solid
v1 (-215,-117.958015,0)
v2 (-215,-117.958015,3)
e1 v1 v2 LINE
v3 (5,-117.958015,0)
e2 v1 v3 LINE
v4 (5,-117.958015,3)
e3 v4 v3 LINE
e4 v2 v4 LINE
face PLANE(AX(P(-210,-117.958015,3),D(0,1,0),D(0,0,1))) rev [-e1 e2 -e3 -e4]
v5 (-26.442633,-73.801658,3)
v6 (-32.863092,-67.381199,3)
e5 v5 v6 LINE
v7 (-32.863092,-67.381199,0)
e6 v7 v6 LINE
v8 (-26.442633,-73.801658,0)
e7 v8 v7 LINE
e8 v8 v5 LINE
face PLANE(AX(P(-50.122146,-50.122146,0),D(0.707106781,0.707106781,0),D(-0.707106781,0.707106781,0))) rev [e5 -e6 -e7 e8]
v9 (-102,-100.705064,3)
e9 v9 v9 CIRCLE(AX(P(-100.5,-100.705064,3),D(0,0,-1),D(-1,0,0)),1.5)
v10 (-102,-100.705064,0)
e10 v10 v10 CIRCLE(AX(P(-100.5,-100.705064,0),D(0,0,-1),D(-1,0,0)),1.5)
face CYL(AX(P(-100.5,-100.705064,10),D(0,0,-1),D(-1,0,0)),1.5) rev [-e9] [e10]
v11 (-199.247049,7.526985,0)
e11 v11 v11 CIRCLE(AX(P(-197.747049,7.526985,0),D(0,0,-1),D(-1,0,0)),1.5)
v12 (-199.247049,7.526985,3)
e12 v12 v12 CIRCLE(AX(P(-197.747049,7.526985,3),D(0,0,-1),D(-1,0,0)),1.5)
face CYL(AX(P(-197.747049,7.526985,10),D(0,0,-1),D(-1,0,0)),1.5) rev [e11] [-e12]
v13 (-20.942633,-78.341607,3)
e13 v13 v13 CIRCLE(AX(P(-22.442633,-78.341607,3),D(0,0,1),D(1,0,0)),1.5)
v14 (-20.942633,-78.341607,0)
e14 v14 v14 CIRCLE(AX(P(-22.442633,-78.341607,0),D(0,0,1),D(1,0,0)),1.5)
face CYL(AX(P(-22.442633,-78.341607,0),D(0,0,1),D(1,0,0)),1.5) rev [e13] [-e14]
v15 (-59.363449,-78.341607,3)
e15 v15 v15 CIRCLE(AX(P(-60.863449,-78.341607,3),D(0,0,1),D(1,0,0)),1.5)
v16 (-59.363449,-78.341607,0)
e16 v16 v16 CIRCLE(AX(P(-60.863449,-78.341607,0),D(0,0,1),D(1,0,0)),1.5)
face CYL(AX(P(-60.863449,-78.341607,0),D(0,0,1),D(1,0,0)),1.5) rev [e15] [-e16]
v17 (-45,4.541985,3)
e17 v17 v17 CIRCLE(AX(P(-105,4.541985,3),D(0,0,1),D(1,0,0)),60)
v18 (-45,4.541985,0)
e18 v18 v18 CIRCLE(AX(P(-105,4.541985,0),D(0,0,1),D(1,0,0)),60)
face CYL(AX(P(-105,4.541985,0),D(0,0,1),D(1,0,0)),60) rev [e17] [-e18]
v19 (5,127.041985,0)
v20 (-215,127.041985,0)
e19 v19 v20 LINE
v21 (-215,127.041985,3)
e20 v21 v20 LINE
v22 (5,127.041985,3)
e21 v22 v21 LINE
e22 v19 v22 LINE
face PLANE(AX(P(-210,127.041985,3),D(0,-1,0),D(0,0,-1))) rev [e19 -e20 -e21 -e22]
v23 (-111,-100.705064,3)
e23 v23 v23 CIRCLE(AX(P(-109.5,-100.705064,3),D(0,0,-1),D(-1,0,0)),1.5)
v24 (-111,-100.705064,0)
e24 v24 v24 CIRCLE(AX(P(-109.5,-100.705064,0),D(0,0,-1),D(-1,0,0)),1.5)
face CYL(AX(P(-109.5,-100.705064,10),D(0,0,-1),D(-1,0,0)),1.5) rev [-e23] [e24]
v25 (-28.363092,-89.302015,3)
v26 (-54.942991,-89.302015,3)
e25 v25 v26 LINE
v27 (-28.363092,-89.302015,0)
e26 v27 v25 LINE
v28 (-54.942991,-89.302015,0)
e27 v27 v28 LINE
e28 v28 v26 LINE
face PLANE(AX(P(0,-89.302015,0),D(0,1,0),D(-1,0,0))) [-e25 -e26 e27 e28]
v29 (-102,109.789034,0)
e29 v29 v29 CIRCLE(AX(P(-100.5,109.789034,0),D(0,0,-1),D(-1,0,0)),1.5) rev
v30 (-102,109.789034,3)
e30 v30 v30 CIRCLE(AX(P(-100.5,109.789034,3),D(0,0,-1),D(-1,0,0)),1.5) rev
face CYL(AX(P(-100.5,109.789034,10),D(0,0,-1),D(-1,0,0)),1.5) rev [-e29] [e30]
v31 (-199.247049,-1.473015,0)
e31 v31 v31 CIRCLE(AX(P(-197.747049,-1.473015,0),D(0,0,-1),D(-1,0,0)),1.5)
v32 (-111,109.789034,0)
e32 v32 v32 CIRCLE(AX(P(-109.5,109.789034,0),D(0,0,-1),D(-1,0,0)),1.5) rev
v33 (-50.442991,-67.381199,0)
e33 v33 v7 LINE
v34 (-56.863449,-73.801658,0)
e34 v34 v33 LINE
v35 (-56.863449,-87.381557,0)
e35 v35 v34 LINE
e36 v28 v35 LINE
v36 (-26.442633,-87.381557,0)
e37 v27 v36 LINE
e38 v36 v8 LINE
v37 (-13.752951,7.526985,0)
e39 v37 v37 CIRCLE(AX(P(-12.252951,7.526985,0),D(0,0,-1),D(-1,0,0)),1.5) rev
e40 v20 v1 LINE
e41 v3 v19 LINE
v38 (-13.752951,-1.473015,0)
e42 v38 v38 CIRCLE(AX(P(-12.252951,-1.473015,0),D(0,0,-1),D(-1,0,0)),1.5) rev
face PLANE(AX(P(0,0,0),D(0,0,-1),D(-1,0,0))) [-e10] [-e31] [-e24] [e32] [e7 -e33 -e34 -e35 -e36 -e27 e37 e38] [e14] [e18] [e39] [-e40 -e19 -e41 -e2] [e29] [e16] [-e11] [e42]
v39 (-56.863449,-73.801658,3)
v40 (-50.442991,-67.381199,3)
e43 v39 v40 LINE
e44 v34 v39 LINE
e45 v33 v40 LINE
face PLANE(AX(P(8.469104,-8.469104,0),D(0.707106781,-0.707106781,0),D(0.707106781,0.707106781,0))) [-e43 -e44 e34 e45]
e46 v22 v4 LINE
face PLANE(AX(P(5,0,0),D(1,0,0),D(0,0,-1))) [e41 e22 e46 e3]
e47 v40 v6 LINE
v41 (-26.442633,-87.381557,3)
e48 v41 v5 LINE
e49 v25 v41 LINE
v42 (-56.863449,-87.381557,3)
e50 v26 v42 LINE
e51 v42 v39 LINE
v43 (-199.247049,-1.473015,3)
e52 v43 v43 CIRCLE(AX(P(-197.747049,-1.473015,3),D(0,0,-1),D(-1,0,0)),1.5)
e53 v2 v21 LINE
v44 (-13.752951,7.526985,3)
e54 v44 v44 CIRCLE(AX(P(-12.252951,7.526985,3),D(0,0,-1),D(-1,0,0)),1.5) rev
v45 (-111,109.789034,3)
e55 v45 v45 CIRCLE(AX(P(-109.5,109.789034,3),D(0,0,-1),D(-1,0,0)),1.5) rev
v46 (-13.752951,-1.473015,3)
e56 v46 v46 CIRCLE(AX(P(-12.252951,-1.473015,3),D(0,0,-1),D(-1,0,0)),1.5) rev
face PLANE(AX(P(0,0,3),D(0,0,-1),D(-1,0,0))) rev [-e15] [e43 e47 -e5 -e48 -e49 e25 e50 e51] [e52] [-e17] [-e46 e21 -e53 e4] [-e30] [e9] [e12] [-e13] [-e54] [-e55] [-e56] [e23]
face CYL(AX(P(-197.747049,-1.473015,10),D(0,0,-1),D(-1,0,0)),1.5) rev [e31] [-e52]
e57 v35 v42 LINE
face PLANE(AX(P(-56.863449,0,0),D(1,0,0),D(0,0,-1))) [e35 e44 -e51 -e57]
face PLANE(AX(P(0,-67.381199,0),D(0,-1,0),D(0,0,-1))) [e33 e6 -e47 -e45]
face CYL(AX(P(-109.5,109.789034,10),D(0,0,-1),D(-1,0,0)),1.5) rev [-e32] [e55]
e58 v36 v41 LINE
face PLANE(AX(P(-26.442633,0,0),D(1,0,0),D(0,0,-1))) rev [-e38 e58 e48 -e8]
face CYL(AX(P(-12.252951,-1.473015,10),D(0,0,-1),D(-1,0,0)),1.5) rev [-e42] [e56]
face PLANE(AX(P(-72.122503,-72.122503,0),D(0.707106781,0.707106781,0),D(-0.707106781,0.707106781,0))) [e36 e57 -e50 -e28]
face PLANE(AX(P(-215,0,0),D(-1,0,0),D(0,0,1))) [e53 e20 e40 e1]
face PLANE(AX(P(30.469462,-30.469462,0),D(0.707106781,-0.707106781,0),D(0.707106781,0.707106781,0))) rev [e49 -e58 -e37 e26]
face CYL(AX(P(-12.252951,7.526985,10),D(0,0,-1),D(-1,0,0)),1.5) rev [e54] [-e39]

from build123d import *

# Parameters (mm, degrees)
SKETCH1_W           = 210
SKETCH1_H           = 245
BOSS_EXTRUDE1_DEPTH = 3
CUT_EXTRUDE1_DEPTH  = 3
CUT_EXTRUDE2_DEPTH  = 3
CUT_EXTRUDE3_DEPTH  = 246.456036562
SKETCH5_W           = 3
SKETCH5_H           = 245
BOSS_EXTRUDE2_DEPTH = 5
SKETCH6_W           = 3
SKETCH6_H           = 245
BOSS_EXTRUDE3_DEPTH = 5
SKETCH7_R           = 1.5
CUT_EXTRUDE4_DEPTH  = 10


with BuildPart() as part:
    # Sketch1 → Boss-Extrude1 (new body)
    with BuildSketch(Plane.XY):
        with Locations((-105, 4.541984733)):
            Rectangle(SKETCH1_W, SKETCH1_H)
    extrude(amount=BOSS_EXTRUDE1_DEPTH)

    # Sketch2 → Cut-Extrude1 (cut)
    with BuildSketch(Plane.XY.offset(3)):
        with BuildLine():
            ThreePointArc((-45, 4.541984733), (-62.573593129, 46.968391604), (-105, 64.541984733))
            Line((-105, 64.541984733), (-105, -55.458015267))
            ThreePointArc((-105, -55.458015267), (-62.573593129, -37.884422138), (-45, 4.541984733))
        make_face()
        with BuildLine():
            Line((-105, -55.458015267), (-105, 64.541984733))
            ThreePointArc((-105, 64.541984733), (-165, 4.541984733), (-105, -55.458015267))
        make_face()
    extrude(amount=-CUT_EXTRUDE1_DEPTH, mode=Mode.SUBTRACT)

    # Sketch3 → Cut-Extrude2 (cut)
    with BuildSketch(Plane.XY.offset(3)):
        Polygon((-41.653041136, -88.602014661), (-41.653041136, -68.081199381), (-50.153041136, -68.081199381), (-56.163448776, -74.091607021), (-56.163448776, -87.091607021), (-54.653041136, -88.602014661), align=None)
        Polygon((-41.653041136, -68.081199381), (-41.653041136, -67.381199381), (-50.442990629, -67.381199381), (-56.863448776, -73.801657527), (-56.863448776, -87.381556515), (-54.942990629, -89.302014661), (-41.653041136, -89.302014661), (-41.653041136, -88.602014661), (-54.653041136, -88.602014661), (-56.163448776, -87.091607021), (-56.163448776, -74.091607021), (-50.153041136, -68.081199381), align=None)
        Polygon((-33.153041136, -68.081199381), (-41.653041136, -68.081199381), (-41.653041136, -88.602014661), (-28.653041136, -88.602014661), (-27.142633496, -87.091607021), (-27.142633496, -74.091607021), align=None)
        Polygon((-32.863091642, -67.381199381), (-41.653041136, -67.381199381), (-41.653041136, -68.081199381), (-33.153041136, -68.081199381), (-27.142633496, -74.091607021), (-27.142633496, -87.091607021), (-28.653041136, -88.602014661), (-41.653041136, -88.602014661), (-41.653041136, -89.302014661), (-28.363091642, -89.302014661), (-26.442633496, -87.381556515), (-26.442633496, -73.801657527), align=None)
    extrude(amount=-CUT_EXTRUDE2_DEPTH, mode=Mode.SUBTRACT)

    # Sketch4 → Cut-Extrude3 (cut, through all)
    with BuildSketch(Plane.XY.offset(3)):
        with BuildLine():
            ThreePointArc((-60.863448776, -76.841607021), (-62.363448776, -78.341607021), (-60.863448776, -79.841607021))
            Line((-60.863448776, -79.841607021), (-60.863448776, -76.841607021))
        make_face()
        with BuildLine():
            Line((-60.863448776, -76.841607021), (-60.863448776, -79.841607021))
            ThreePointArc((-60.863448776, -79.841607021), (-59.802788604, -79.402267193), (-59.363448776, -78.341607021))
            ThreePointArc((-59.363448776, -78.341607021), (-59.802788604, -77.280946849), (-60.863448776, -76.841607021))
        make_face()
        with BuildLine():
            ThreePointArc((-22.442633496, -76.841607021), (-23.942633496, -78.341607021), (-22.442633496, -79.841607021))
            Line((-22.442633496, -79.841607021), (-22.442633496, -76.841607021))
        make_face()
        with BuildLine():
            Line((-22.442633496, -76.841607021), (-22.442633496, -79.841607021))
            ThreePointArc((-22.442633496, -79.841607021), (-21.381973324, -79.402267193), (-20.942633496, -78.341607021))
            ThreePointArc((-20.942633496, -78.341607021), (-21.381973324, -77.280946849), (-22.442633496, -76.841607021))
        make_face()
    extrude(amount=-CUT_EXTRUDE3_DEPTH, mode=Mode.SUBTRACT)

    # Sketch5 → Boss-Extrude2 (add)
    with BuildSketch(Plane(origin=(0, 0, 0), x_dir=(0, 0, -1), z_dir=(1, 0, 0))):
        with Locations((-1.5, 4.541984733)):
            Rectangle(SKETCH5_W, SKETCH5_H)
    extrude(amount=BOSS_EXTRUDE2_DEPTH)

    # Sketch6 → Boss-Extrude3 (add)
    with BuildSketch(Plane.ZY.offset(210)):
        with Locations((1.5, 4.541984733)):
            Rectangle(SKETCH6_W, SKETCH6_H)
    extrude(amount=BOSS_EXTRUDE3_DEPTH)

    # Sketch7 → Cut-Extrude4 (cut)
    with BuildSketch(Plane(origin=(0, 0, 0), x_dir=(-1, 0, 0), z_dir=(0, 0, -1))):
        with Locations((100.5, -100.70506409)):
            Circle(SKETCH7_R)
        with Locations((100.5, 109.789033556)):
            Circle(SKETCH7_R)
        with Locations((12.252951177, -1.473015267)):
            Circle(SKETCH7_R)
        with Locations((12.252951177, 7.526984733)):
            Circle(SKETCH7_R)
        with Locations((109.5, -100.70506409)):
            Circle(SKETCH7_R)
        with Locations((109.5, 109.789033556)):
            Circle(SKETCH7_R)
        with Locations((197.747048823, -1.473015267)):
            Circle(SKETCH7_R)
        with Locations((197.747048823, 7.526984733)):
            Circle(SKETCH7_R)
    extrude(amount=-CUT_EXTRUDE4_DEPTH, mode=Mode.SUBTRACT)


solid = part.part
